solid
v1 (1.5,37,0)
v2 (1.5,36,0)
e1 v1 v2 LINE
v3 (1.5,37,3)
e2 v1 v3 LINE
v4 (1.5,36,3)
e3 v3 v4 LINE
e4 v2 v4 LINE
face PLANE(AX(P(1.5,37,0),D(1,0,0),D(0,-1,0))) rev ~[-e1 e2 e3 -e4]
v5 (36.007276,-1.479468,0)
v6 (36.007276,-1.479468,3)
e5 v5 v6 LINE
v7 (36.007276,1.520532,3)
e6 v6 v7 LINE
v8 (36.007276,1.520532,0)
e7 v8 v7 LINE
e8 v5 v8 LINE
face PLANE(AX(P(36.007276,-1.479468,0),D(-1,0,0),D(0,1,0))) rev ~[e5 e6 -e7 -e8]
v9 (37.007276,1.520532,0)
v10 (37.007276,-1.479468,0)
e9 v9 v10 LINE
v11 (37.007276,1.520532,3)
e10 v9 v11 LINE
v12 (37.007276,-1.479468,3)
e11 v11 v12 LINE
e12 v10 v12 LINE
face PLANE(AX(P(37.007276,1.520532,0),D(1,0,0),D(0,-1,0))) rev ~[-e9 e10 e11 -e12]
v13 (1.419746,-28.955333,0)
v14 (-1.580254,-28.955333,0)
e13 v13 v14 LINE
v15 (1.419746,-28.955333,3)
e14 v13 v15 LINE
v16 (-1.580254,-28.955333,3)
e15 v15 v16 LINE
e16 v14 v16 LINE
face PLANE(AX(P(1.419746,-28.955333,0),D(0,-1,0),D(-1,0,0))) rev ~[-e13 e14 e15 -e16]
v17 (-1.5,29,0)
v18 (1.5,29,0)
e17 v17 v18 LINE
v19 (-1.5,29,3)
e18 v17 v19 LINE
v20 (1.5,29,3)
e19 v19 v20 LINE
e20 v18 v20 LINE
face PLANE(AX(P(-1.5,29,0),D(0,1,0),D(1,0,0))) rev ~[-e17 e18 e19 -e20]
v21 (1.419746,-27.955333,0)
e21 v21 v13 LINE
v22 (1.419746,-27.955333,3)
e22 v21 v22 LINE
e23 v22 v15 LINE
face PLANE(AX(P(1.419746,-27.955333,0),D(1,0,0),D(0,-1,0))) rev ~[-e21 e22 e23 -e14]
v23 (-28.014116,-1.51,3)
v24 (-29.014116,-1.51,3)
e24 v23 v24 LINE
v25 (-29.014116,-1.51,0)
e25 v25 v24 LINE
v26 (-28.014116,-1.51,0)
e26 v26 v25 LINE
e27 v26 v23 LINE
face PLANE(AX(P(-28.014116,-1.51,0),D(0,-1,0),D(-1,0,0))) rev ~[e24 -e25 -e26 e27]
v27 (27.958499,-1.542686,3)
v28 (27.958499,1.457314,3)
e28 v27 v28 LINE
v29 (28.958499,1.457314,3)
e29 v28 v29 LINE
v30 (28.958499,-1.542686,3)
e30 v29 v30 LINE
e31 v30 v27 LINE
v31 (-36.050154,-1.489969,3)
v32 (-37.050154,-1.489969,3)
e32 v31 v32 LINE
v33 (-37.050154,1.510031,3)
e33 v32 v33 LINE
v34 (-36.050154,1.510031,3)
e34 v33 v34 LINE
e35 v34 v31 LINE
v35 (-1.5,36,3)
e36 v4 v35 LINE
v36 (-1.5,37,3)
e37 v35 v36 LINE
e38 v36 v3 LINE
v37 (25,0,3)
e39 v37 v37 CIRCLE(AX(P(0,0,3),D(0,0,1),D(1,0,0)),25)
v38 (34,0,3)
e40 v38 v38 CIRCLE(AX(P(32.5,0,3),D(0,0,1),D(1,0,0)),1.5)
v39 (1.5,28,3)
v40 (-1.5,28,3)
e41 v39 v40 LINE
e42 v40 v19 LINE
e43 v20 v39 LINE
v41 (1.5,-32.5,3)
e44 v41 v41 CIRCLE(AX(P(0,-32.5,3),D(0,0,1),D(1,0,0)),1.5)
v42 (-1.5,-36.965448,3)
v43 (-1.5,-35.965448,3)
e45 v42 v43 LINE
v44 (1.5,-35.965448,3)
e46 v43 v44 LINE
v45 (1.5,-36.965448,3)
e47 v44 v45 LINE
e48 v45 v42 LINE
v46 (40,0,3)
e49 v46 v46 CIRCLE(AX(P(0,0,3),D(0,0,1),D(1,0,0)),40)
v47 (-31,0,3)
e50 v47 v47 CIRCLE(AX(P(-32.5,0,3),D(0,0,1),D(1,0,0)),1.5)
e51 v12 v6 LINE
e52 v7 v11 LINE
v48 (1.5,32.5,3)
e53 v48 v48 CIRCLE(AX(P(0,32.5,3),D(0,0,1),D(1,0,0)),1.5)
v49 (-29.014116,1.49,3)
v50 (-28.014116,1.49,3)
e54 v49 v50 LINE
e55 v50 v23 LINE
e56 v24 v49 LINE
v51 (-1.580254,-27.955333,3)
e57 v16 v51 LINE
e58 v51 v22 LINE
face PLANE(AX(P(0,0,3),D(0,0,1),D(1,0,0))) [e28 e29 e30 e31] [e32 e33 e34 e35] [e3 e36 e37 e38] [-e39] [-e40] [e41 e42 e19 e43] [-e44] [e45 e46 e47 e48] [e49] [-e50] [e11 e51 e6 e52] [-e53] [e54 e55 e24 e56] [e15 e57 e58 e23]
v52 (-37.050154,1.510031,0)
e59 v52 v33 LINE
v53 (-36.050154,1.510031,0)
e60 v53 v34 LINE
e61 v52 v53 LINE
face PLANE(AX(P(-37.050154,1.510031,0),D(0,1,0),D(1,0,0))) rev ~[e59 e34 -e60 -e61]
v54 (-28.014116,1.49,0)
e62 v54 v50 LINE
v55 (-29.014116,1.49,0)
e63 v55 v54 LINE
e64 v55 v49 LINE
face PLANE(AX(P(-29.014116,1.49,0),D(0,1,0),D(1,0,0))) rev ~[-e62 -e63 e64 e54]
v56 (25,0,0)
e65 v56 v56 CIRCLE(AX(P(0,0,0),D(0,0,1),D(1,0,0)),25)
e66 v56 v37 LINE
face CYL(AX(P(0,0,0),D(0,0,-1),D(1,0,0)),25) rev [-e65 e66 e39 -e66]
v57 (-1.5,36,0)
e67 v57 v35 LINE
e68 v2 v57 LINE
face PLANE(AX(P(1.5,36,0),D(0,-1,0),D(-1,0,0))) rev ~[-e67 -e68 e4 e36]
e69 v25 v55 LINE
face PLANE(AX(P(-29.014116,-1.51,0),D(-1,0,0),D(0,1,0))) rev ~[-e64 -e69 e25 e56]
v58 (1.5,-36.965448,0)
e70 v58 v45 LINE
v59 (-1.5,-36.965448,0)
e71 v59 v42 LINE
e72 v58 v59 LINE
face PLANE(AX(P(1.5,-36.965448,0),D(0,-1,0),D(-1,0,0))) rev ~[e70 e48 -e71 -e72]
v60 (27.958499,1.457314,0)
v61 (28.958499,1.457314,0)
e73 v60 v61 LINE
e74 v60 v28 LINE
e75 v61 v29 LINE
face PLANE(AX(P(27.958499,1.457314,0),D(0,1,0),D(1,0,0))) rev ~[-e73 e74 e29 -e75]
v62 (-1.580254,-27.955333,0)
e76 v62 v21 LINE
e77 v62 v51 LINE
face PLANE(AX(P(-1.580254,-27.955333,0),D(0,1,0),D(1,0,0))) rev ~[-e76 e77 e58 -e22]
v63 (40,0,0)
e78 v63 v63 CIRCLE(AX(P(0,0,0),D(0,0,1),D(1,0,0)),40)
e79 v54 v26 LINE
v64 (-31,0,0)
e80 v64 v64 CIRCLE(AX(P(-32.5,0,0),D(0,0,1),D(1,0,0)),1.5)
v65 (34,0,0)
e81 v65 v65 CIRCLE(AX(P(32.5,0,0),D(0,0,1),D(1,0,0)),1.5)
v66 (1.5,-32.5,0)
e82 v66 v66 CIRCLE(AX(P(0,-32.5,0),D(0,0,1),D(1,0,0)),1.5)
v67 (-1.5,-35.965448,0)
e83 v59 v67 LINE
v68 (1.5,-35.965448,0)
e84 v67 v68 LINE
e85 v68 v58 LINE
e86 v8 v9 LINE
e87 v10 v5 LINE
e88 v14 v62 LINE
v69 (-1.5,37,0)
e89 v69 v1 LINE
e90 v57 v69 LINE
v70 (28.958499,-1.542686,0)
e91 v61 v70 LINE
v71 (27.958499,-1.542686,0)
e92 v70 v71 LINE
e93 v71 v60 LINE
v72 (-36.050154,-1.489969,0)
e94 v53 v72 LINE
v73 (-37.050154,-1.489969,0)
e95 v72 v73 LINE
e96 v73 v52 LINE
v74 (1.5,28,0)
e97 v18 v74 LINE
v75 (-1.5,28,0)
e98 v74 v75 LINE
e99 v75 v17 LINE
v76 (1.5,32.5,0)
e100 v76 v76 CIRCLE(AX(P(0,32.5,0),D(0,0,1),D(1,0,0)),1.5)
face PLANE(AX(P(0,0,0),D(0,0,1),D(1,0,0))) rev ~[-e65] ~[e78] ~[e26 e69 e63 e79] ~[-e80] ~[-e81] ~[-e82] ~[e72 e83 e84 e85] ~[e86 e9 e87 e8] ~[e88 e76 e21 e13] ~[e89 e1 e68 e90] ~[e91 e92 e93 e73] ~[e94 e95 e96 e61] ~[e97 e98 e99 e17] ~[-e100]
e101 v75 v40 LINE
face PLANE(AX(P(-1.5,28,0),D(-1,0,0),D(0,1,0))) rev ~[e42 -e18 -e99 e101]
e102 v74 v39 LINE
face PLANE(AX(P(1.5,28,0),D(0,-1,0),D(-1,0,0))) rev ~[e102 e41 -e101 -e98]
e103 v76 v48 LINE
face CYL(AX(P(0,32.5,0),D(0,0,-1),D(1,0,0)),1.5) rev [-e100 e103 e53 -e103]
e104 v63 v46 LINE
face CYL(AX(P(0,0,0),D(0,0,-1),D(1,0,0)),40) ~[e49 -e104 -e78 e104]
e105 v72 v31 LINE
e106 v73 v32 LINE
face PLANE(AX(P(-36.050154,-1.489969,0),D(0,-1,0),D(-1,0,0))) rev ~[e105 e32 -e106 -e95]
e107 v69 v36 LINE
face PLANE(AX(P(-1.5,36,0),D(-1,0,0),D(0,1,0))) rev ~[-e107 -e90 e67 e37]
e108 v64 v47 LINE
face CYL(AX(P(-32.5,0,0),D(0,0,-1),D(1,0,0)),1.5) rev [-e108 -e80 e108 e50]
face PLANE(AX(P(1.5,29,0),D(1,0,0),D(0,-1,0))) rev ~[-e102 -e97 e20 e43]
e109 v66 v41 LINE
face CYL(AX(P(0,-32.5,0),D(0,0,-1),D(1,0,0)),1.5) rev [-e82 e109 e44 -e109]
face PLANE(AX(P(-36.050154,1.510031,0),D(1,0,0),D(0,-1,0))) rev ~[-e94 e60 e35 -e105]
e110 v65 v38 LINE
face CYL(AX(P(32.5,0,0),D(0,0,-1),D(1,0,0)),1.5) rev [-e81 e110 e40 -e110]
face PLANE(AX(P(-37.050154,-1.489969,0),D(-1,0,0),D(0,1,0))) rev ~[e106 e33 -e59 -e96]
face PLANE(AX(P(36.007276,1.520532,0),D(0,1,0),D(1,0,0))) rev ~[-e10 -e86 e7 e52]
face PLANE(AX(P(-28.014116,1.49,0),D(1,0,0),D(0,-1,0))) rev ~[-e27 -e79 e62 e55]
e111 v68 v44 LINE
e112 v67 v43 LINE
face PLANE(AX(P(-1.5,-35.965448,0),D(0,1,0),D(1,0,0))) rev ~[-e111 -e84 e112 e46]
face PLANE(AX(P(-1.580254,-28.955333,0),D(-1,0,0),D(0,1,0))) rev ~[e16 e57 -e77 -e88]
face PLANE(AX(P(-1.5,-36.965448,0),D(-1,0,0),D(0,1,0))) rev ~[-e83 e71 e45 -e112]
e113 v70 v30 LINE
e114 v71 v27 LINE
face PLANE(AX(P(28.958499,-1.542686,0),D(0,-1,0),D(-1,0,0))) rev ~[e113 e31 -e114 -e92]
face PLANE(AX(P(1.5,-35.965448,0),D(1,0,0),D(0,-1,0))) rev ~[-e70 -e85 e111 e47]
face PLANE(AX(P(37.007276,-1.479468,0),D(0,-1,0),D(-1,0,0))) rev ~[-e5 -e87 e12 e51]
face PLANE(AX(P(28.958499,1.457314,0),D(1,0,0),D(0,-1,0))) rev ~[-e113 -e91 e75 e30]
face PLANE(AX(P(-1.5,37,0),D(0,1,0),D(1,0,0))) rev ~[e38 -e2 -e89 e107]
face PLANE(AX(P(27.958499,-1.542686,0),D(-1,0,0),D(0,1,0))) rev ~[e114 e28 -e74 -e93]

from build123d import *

# Parameters (mm, degrees)
F0_R     = 40
F0_R_2   = 1.5
F0_R_3   = 25
F1_DEPTH = 3


with BuildPart() as f1:
    # F0 (on Top) → F1 (new body)
    with BuildSketch(Plane.XY):
        Circle(F0_R)
        Polygon((1.419746, -28.955333), (-0.080254, -28.955333), (-1.580254, -28.955333), (-1.580254, -27.955333), (1.419746, -27.955333), align=None, mode=Mode.SUBTRACT)
        Polygon((-29.014116, -1.51), (-29.014116, -0.01), (-29.014116, 1.49), (-28.014116, 1.49), (-28.014116, -1.51), align=None, mode=Mode.SUBTRACT)
        Polygon((-1.5, -35.965448), (0, -35.965448), (1.5, -35.965448), (1.5, -36.965448), (-1.5, -36.965448), align=None, mode=Mode.SUBTRACT)
        with Locations((0, -32.5)):
            Circle(F0_R_2, mode=Mode.SUBTRACT)
        Polygon((28.958499, 1.457314), (28.958499, -0.042686), (28.958499, -1.542686), (27.958499, -1.542686), (27.958499, 1.457314), align=None, mode=Mode.SUBTRACT)
        Polygon((-36.050154, 1.510031), (-36.050154, 0.010031), (-36.050154, -1.489969), (-37.050154, -1.489969), (-37.050154, 1.510031), align=None, mode=Mode.SUBTRACT)
        with Locations((-32.5, 0)):
            Circle(F0_R_2, mode=Mode.SUBTRACT)
        Circle(F0_R_3, mode=Mode.SUBTRACT)
        with Locations((32.5, 0)):
            Circle(F0_R_2, mode=Mode.SUBTRACT)
        Polygon((36.007276, -1.479468), (36.007276, 0.020532), (36.007276, 1.520532), (37.007276, 1.520532), (37.007276, -1.479468), align=None, mode=Mode.SUBTRACT)
        Polygon((-1.5, 29), (0, 29), (1.5, 29), (1.5, 28), (-1.5, 28), align=None, mode=Mode.SUBTRACT)
        with Locations((0, 32.5)):
            Circle(F0_R_2, mode=Mode.SUBTRACT)
        Polygon((1.5, 36), (0, 36), (-1.5, 36), (-1.5, 37), (1.5, 37), align=None, mode=Mode.SUBTRACT)
    extrude(amount=F1_DEPTH)


solid = f1.part
